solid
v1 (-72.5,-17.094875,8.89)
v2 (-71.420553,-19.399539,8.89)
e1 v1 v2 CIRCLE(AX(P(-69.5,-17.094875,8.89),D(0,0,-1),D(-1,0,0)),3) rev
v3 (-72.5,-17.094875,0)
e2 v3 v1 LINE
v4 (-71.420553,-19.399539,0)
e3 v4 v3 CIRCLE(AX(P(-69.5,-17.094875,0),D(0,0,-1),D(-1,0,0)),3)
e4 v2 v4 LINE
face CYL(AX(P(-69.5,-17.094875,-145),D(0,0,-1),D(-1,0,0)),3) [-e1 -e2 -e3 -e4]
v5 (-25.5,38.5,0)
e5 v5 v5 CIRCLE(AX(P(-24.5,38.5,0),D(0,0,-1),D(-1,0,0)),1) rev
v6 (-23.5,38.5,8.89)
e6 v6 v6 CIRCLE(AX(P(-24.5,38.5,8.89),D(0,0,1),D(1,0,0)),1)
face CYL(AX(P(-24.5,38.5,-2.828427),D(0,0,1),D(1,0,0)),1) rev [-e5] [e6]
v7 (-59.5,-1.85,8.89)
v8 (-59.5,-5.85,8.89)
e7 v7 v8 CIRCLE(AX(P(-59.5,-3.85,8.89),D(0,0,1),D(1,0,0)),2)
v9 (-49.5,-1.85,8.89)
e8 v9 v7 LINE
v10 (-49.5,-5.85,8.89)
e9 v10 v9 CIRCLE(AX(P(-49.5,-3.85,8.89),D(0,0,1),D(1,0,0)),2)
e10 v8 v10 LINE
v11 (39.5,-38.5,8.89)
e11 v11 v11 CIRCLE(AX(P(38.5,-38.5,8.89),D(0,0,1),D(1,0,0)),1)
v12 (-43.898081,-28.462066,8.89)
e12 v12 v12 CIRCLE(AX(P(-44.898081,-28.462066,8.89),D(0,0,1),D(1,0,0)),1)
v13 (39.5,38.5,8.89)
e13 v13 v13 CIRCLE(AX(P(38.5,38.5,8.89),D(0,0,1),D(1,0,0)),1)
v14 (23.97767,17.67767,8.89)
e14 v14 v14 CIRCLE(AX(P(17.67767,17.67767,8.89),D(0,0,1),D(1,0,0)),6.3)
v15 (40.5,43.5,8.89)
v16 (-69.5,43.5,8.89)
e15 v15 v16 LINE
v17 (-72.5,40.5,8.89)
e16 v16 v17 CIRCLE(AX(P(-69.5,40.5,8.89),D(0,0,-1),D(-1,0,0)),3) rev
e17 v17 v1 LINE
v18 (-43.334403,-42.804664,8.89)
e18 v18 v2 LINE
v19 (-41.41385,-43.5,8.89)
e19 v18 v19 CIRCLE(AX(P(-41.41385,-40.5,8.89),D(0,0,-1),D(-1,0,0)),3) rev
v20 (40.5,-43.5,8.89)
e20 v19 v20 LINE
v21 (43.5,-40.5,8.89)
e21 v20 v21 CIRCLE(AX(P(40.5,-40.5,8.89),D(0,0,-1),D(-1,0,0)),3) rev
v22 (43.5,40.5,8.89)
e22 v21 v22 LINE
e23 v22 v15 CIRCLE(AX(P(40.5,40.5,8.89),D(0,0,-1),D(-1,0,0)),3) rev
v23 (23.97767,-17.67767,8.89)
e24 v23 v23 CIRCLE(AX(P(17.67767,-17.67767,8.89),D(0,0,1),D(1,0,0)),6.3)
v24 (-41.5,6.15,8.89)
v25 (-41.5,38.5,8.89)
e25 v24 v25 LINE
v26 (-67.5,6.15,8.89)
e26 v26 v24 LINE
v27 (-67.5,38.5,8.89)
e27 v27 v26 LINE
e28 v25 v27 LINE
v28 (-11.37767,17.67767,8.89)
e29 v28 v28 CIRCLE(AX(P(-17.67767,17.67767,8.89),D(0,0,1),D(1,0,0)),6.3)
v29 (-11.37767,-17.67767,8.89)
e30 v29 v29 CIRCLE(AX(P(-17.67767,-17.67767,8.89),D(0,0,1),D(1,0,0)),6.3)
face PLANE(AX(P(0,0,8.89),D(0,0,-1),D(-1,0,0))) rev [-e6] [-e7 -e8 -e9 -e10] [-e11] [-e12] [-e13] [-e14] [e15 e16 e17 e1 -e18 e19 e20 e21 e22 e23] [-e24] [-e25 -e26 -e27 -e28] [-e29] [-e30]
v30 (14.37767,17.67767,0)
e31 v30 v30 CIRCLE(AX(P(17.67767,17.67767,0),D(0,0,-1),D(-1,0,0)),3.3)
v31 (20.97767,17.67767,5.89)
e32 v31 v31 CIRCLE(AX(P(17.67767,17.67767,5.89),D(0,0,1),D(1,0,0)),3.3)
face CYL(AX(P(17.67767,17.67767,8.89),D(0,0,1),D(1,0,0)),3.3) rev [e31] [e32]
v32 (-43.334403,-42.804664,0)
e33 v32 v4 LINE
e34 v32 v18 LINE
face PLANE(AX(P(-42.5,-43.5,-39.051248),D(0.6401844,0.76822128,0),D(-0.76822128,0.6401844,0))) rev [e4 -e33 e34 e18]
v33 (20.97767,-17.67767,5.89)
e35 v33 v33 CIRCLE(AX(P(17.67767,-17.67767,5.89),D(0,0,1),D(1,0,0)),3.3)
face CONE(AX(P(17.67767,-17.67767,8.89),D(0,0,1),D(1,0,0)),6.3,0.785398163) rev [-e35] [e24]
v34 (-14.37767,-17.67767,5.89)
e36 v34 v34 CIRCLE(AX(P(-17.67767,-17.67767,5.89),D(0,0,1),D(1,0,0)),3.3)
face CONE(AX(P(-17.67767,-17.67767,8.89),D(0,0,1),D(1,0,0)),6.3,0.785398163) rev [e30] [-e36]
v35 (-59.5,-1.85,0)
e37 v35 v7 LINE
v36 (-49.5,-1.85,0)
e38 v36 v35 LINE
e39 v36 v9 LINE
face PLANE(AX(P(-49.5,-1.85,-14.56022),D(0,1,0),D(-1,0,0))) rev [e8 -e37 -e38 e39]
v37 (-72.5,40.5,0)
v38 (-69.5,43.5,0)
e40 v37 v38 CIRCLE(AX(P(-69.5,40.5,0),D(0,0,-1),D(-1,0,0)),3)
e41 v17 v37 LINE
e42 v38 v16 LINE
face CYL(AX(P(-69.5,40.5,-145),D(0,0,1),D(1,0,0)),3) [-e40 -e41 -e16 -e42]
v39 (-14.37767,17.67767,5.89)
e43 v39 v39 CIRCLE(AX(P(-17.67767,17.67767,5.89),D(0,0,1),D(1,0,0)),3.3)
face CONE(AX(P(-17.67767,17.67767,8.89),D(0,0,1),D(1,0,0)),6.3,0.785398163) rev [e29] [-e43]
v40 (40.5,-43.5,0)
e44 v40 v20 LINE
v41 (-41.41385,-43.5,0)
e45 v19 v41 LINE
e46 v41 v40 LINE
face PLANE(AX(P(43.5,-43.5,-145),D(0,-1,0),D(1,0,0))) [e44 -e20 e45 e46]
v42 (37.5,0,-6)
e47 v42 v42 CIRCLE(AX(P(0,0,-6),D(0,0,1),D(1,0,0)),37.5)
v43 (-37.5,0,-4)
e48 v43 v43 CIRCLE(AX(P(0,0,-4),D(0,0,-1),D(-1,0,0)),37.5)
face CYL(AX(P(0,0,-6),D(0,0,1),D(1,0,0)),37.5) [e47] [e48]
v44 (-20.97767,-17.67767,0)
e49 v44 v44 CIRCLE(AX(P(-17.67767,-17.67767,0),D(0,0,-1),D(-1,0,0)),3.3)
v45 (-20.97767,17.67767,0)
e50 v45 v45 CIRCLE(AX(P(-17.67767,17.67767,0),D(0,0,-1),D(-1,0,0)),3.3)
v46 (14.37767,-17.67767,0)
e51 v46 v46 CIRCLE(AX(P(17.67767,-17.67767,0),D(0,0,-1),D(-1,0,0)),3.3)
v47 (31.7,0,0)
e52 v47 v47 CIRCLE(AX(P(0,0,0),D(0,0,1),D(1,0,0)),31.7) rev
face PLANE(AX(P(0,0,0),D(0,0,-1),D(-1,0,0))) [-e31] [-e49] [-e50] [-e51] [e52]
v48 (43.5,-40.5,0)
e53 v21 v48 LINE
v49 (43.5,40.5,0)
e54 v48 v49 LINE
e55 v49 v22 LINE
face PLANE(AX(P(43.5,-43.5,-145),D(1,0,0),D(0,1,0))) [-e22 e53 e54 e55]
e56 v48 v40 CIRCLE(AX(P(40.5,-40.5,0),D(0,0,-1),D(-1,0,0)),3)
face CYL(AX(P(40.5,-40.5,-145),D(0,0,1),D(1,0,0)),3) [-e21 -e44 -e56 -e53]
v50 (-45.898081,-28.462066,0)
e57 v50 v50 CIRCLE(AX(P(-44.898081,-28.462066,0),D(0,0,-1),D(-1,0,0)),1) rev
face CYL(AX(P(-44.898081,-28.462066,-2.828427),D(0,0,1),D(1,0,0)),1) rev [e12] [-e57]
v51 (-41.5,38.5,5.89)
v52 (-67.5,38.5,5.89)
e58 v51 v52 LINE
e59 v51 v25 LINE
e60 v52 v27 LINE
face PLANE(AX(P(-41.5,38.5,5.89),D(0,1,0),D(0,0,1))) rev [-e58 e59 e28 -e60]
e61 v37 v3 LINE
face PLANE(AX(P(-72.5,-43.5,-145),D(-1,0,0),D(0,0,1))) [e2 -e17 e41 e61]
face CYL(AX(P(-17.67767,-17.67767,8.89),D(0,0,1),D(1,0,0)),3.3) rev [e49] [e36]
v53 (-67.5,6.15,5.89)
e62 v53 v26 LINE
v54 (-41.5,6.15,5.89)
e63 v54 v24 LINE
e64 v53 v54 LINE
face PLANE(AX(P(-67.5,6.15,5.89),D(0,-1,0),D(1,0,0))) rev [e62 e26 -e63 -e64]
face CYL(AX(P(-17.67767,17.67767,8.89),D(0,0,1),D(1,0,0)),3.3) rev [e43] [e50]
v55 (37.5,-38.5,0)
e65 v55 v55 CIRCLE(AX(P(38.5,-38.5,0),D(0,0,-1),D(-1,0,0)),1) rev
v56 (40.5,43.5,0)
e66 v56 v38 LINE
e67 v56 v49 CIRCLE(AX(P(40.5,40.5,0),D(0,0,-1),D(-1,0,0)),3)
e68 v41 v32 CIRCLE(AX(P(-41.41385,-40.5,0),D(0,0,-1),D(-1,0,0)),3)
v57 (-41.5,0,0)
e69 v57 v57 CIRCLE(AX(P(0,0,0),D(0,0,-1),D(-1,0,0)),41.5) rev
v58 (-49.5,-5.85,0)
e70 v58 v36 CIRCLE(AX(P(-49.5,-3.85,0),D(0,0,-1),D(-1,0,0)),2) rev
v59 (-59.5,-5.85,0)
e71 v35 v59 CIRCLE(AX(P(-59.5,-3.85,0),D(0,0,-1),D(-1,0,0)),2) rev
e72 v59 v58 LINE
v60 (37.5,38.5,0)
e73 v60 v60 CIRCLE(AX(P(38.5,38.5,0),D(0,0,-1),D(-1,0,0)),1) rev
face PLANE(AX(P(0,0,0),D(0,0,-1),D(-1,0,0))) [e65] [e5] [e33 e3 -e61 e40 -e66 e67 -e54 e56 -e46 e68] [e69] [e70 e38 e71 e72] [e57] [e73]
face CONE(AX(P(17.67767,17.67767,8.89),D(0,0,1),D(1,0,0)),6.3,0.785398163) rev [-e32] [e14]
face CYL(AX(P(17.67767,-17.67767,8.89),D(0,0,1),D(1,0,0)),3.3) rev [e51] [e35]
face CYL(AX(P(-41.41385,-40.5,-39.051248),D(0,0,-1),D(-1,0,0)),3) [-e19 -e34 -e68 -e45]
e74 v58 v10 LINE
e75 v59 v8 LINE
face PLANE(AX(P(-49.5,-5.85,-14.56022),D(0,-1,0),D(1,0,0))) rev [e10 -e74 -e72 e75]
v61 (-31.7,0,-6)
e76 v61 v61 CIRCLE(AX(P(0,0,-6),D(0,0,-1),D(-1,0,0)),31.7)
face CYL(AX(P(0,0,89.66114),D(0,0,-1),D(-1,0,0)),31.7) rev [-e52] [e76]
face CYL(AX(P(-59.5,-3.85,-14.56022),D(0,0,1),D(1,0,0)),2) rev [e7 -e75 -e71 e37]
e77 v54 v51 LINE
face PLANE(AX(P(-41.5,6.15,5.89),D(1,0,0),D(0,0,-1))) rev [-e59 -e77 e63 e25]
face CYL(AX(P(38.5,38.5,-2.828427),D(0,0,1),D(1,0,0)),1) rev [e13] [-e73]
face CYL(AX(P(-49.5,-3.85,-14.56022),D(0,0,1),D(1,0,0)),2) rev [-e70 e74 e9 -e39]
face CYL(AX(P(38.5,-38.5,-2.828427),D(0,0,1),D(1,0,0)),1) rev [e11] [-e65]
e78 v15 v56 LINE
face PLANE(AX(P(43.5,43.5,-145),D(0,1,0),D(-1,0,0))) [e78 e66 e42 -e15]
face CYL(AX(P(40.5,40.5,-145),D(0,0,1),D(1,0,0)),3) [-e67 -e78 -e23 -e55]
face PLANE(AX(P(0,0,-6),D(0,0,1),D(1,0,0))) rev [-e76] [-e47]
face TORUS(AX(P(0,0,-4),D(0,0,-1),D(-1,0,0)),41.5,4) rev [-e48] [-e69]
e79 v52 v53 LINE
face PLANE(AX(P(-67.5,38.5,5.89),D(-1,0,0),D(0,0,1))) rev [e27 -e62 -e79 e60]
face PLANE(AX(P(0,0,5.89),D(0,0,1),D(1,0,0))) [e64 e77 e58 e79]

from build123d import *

# Parameters (mm, degrees)
SKETCH1_R                                       = 37.5
BOSS_EXTRUDE1_DEPTH                             = 6
SKETCH2_R                                       = 31.7
CUT_EXTRUDE1_DEPTH                              = 6
SKETCH3_W                                       = 85
SKETCH3_H                                       = 85
BOSS_EXTRUDE2_DEPTH                             = 25.4
FILLET2_R                                       = 4
SKETCH4_W                                       = 65
SKETCH4_H                                       = 65
CUT_EXTRUDE2_DEPTH                              = 16.51
CSK_FOR_M6_FLAT_HEAD_MACHINE_SCREW1_D           = 6.6
CSK_FOR_M6_FLAT_HEAD_MACHINE_SCREW1_CSINK_D     = 12.6
CSK_FOR_M6_FLAT_HEAD_MACHINE_SCREW1_CSINK_ANGLE = 90
SKETCH8_W                                       = 85
SKETCH8_H                                       = 85
CUT_EXTRUDE3_DEPTH                              = 16.51
SKETCH9_W                                       = 116
SKETCH9_H                                       = 87
SKETCH9_W_2                                     = 85
SKETCH9_H_2                                     = 85
BOSS_EXTRUDE3_DEPTH                             = 8.89
CUT_EXTRUDE4_DEPTH                              = 8.89
SKETCH11_W                                      = 26
SKETCH11_H                                      = 32.35
CUT_EXTRUDE5_DEPTH                              = 3
CUT_EXTRUDE6_DEPTH                              = 8.89
SKETCH14_R                                      = 1
CUT_EXTRUDE7_DEPTH                              = 8.89
FILLET3_R                                       = 3


with BuildPart() as part:
    # Sketch1 → Boss-Extrude1 (new body)
    with BuildSketch(Plane.XY):
        Circle(SKETCH1_R)
    extrude(amount=-BOSS_EXTRUDE1_DEPTH)

    # Sketch2 → Cut-Extrude1 (cut)
    with BuildSketch(Plane(origin=(0, 0, -6), x_dir=(-1, 0, 0), z_dir=(0, 0, -1))):
        Circle(SKETCH2_R)
    extrude(amount=-CUT_EXTRUDE1_DEPTH, mode=Mode.SUBTRACT)

    # Sketch3 → Boss-Extrude2 (add)
    with BuildSketch(Plane.XY):
        Rectangle(SKETCH3_W, SKETCH3_H)
    extrude(amount=BOSS_EXTRUDE2_DEPTH)

    # Fillet2
    fillet2_edges = [part.edges().sort_by_distance(p)[0] for p in [
        (-37.5, 0, 0),
    ]]
    fillet(fillet2_edges, radius=FILLET2_R)

    # Sketch4 → Cut-Extrude2 (cut)
    with BuildSketch(Plane.XY.offset(25.4)):
        Rectangle(SKETCH4_W, SKETCH4_H)
    extrude(amount=-CUT_EXTRUDE2_DEPTH, mode=Mode.SUBTRACT)

    # CSK for M6 Flat Head Machine Screw1 (through all)
    with Locations(Plane.XY.offset(8.89)):
        with Locations((-17.67766953, 17.67766953), (-17.67766953, -17.67766953), (17.67766953, -17.67766953), (17.67766953, 17.67766953)):
            CounterSinkHole(CSK_FOR_M6_FLAT_HEAD_MACHINE_SCREW1_D / 2, CSK_FOR_M6_FLAT_HEAD_MACHINE_SCREW1_CSINK_D / 2, counter_sink_angle=CSK_FOR_M6_FLAT_HEAD_MACHINE_SCREW1_CSINK_ANGLE)

    # Sketch8 → Cut-Extrude3 (cut)
    with BuildSketch(Plane.XY.offset(25.4)):
        Rectangle(SKETCH8_W, SKETCH8_H)
    extrude(amount=-CUT_EXTRUDE3_DEPTH, mode=Mode.SUBTRACT)

    # Sketch9 → Boss-Extrude3 (add)
    with BuildSketch(Plane.XY.offset(8.89)):
        with Locations((-14.5, 0)):
            Rectangle(SKETCH9_W, SKETCH9_H)
        Rectangle(SKETCH9_W_2, SKETCH9_H_2, mode=Mode.SUBTRACT)
    extrude(amount=-BOSS_EXTRUDE3_DEPTH)

    # Sketch12 → Cut-Extrude4 (cut)
    with BuildSketch(Plane.XY.offset(8.89)):
        Polygon((-42.5, -43.5), (-72.5, -18.5), (-72.5, -43.5), align=None)
    extrude(amount=-CUT_EXTRUDE4_DEPTH, mode=Mode.SUBTRACT)

    # Sketch11 → Cut-Extrude5 (cut)
    with BuildSketch(Plane.XY.offset(8.89)):
        with Locations((-54.5, 22.325)):
            Rectangle(SKETCH11_W, SKETCH11_H)
    extrude(amount=-CUT_EXTRUDE5_DEPTH, mode=Mode.SUBTRACT)

    # Sketch13 → Cut-Extrude6 (cut)
    with BuildSketch(Plane.XY.offset(8.89)):
        with BuildLine():
            Line((-49.5, -5.85), (-59.5, -5.85))
            ThreePointArc((-59.5, -5.85), (-61.5, -3.85), (-59.5, -1.85))
            Line((-59.5, -1.85), (-49.5, -1.85))
            ThreePointArc((-49.5, -1.85), (-47.5, -3.85), (-49.5, -5.85))
        make_face()
    extrude(amount=-CUT_EXTRUDE6_DEPTH, mode=Mode.SUBTRACT)

    # Sketch14 → Cut-Extrude7 (cut)
    with BuildSketch(Plane.XY.offset(8.89)):
        with Locations((38.5, -38.5)):
            Circle(SKETCH14_R)
        with Locations((38.5, 38.5)):
            Circle(SKETCH14_R)
        with Locations((-24.5, 38.5)):
            Circle(SKETCH14_R)
        with Locations((-44.898080814, -28.46206612)):
            Circle(SKETCH14_R)
    extrude(amount=-CUT_EXTRUDE7_DEPTH, mode=Mode.SUBTRACT)

    # Fillet3
    fillet3_edges = [part.edges().sort_by_distance(p)[0] for p in [
        (43.5, 43.5, 4.445),
        (43.5, -43.5, 4.445),
        (-72.5, 43.5, 4.445),
        (-72.5, -18.5, 4.445),
        (-42.5, -43.5, 4.445),
    ]]
    fillet(fillet3_edges, radius=FILLET3_R)


solid = part.part
